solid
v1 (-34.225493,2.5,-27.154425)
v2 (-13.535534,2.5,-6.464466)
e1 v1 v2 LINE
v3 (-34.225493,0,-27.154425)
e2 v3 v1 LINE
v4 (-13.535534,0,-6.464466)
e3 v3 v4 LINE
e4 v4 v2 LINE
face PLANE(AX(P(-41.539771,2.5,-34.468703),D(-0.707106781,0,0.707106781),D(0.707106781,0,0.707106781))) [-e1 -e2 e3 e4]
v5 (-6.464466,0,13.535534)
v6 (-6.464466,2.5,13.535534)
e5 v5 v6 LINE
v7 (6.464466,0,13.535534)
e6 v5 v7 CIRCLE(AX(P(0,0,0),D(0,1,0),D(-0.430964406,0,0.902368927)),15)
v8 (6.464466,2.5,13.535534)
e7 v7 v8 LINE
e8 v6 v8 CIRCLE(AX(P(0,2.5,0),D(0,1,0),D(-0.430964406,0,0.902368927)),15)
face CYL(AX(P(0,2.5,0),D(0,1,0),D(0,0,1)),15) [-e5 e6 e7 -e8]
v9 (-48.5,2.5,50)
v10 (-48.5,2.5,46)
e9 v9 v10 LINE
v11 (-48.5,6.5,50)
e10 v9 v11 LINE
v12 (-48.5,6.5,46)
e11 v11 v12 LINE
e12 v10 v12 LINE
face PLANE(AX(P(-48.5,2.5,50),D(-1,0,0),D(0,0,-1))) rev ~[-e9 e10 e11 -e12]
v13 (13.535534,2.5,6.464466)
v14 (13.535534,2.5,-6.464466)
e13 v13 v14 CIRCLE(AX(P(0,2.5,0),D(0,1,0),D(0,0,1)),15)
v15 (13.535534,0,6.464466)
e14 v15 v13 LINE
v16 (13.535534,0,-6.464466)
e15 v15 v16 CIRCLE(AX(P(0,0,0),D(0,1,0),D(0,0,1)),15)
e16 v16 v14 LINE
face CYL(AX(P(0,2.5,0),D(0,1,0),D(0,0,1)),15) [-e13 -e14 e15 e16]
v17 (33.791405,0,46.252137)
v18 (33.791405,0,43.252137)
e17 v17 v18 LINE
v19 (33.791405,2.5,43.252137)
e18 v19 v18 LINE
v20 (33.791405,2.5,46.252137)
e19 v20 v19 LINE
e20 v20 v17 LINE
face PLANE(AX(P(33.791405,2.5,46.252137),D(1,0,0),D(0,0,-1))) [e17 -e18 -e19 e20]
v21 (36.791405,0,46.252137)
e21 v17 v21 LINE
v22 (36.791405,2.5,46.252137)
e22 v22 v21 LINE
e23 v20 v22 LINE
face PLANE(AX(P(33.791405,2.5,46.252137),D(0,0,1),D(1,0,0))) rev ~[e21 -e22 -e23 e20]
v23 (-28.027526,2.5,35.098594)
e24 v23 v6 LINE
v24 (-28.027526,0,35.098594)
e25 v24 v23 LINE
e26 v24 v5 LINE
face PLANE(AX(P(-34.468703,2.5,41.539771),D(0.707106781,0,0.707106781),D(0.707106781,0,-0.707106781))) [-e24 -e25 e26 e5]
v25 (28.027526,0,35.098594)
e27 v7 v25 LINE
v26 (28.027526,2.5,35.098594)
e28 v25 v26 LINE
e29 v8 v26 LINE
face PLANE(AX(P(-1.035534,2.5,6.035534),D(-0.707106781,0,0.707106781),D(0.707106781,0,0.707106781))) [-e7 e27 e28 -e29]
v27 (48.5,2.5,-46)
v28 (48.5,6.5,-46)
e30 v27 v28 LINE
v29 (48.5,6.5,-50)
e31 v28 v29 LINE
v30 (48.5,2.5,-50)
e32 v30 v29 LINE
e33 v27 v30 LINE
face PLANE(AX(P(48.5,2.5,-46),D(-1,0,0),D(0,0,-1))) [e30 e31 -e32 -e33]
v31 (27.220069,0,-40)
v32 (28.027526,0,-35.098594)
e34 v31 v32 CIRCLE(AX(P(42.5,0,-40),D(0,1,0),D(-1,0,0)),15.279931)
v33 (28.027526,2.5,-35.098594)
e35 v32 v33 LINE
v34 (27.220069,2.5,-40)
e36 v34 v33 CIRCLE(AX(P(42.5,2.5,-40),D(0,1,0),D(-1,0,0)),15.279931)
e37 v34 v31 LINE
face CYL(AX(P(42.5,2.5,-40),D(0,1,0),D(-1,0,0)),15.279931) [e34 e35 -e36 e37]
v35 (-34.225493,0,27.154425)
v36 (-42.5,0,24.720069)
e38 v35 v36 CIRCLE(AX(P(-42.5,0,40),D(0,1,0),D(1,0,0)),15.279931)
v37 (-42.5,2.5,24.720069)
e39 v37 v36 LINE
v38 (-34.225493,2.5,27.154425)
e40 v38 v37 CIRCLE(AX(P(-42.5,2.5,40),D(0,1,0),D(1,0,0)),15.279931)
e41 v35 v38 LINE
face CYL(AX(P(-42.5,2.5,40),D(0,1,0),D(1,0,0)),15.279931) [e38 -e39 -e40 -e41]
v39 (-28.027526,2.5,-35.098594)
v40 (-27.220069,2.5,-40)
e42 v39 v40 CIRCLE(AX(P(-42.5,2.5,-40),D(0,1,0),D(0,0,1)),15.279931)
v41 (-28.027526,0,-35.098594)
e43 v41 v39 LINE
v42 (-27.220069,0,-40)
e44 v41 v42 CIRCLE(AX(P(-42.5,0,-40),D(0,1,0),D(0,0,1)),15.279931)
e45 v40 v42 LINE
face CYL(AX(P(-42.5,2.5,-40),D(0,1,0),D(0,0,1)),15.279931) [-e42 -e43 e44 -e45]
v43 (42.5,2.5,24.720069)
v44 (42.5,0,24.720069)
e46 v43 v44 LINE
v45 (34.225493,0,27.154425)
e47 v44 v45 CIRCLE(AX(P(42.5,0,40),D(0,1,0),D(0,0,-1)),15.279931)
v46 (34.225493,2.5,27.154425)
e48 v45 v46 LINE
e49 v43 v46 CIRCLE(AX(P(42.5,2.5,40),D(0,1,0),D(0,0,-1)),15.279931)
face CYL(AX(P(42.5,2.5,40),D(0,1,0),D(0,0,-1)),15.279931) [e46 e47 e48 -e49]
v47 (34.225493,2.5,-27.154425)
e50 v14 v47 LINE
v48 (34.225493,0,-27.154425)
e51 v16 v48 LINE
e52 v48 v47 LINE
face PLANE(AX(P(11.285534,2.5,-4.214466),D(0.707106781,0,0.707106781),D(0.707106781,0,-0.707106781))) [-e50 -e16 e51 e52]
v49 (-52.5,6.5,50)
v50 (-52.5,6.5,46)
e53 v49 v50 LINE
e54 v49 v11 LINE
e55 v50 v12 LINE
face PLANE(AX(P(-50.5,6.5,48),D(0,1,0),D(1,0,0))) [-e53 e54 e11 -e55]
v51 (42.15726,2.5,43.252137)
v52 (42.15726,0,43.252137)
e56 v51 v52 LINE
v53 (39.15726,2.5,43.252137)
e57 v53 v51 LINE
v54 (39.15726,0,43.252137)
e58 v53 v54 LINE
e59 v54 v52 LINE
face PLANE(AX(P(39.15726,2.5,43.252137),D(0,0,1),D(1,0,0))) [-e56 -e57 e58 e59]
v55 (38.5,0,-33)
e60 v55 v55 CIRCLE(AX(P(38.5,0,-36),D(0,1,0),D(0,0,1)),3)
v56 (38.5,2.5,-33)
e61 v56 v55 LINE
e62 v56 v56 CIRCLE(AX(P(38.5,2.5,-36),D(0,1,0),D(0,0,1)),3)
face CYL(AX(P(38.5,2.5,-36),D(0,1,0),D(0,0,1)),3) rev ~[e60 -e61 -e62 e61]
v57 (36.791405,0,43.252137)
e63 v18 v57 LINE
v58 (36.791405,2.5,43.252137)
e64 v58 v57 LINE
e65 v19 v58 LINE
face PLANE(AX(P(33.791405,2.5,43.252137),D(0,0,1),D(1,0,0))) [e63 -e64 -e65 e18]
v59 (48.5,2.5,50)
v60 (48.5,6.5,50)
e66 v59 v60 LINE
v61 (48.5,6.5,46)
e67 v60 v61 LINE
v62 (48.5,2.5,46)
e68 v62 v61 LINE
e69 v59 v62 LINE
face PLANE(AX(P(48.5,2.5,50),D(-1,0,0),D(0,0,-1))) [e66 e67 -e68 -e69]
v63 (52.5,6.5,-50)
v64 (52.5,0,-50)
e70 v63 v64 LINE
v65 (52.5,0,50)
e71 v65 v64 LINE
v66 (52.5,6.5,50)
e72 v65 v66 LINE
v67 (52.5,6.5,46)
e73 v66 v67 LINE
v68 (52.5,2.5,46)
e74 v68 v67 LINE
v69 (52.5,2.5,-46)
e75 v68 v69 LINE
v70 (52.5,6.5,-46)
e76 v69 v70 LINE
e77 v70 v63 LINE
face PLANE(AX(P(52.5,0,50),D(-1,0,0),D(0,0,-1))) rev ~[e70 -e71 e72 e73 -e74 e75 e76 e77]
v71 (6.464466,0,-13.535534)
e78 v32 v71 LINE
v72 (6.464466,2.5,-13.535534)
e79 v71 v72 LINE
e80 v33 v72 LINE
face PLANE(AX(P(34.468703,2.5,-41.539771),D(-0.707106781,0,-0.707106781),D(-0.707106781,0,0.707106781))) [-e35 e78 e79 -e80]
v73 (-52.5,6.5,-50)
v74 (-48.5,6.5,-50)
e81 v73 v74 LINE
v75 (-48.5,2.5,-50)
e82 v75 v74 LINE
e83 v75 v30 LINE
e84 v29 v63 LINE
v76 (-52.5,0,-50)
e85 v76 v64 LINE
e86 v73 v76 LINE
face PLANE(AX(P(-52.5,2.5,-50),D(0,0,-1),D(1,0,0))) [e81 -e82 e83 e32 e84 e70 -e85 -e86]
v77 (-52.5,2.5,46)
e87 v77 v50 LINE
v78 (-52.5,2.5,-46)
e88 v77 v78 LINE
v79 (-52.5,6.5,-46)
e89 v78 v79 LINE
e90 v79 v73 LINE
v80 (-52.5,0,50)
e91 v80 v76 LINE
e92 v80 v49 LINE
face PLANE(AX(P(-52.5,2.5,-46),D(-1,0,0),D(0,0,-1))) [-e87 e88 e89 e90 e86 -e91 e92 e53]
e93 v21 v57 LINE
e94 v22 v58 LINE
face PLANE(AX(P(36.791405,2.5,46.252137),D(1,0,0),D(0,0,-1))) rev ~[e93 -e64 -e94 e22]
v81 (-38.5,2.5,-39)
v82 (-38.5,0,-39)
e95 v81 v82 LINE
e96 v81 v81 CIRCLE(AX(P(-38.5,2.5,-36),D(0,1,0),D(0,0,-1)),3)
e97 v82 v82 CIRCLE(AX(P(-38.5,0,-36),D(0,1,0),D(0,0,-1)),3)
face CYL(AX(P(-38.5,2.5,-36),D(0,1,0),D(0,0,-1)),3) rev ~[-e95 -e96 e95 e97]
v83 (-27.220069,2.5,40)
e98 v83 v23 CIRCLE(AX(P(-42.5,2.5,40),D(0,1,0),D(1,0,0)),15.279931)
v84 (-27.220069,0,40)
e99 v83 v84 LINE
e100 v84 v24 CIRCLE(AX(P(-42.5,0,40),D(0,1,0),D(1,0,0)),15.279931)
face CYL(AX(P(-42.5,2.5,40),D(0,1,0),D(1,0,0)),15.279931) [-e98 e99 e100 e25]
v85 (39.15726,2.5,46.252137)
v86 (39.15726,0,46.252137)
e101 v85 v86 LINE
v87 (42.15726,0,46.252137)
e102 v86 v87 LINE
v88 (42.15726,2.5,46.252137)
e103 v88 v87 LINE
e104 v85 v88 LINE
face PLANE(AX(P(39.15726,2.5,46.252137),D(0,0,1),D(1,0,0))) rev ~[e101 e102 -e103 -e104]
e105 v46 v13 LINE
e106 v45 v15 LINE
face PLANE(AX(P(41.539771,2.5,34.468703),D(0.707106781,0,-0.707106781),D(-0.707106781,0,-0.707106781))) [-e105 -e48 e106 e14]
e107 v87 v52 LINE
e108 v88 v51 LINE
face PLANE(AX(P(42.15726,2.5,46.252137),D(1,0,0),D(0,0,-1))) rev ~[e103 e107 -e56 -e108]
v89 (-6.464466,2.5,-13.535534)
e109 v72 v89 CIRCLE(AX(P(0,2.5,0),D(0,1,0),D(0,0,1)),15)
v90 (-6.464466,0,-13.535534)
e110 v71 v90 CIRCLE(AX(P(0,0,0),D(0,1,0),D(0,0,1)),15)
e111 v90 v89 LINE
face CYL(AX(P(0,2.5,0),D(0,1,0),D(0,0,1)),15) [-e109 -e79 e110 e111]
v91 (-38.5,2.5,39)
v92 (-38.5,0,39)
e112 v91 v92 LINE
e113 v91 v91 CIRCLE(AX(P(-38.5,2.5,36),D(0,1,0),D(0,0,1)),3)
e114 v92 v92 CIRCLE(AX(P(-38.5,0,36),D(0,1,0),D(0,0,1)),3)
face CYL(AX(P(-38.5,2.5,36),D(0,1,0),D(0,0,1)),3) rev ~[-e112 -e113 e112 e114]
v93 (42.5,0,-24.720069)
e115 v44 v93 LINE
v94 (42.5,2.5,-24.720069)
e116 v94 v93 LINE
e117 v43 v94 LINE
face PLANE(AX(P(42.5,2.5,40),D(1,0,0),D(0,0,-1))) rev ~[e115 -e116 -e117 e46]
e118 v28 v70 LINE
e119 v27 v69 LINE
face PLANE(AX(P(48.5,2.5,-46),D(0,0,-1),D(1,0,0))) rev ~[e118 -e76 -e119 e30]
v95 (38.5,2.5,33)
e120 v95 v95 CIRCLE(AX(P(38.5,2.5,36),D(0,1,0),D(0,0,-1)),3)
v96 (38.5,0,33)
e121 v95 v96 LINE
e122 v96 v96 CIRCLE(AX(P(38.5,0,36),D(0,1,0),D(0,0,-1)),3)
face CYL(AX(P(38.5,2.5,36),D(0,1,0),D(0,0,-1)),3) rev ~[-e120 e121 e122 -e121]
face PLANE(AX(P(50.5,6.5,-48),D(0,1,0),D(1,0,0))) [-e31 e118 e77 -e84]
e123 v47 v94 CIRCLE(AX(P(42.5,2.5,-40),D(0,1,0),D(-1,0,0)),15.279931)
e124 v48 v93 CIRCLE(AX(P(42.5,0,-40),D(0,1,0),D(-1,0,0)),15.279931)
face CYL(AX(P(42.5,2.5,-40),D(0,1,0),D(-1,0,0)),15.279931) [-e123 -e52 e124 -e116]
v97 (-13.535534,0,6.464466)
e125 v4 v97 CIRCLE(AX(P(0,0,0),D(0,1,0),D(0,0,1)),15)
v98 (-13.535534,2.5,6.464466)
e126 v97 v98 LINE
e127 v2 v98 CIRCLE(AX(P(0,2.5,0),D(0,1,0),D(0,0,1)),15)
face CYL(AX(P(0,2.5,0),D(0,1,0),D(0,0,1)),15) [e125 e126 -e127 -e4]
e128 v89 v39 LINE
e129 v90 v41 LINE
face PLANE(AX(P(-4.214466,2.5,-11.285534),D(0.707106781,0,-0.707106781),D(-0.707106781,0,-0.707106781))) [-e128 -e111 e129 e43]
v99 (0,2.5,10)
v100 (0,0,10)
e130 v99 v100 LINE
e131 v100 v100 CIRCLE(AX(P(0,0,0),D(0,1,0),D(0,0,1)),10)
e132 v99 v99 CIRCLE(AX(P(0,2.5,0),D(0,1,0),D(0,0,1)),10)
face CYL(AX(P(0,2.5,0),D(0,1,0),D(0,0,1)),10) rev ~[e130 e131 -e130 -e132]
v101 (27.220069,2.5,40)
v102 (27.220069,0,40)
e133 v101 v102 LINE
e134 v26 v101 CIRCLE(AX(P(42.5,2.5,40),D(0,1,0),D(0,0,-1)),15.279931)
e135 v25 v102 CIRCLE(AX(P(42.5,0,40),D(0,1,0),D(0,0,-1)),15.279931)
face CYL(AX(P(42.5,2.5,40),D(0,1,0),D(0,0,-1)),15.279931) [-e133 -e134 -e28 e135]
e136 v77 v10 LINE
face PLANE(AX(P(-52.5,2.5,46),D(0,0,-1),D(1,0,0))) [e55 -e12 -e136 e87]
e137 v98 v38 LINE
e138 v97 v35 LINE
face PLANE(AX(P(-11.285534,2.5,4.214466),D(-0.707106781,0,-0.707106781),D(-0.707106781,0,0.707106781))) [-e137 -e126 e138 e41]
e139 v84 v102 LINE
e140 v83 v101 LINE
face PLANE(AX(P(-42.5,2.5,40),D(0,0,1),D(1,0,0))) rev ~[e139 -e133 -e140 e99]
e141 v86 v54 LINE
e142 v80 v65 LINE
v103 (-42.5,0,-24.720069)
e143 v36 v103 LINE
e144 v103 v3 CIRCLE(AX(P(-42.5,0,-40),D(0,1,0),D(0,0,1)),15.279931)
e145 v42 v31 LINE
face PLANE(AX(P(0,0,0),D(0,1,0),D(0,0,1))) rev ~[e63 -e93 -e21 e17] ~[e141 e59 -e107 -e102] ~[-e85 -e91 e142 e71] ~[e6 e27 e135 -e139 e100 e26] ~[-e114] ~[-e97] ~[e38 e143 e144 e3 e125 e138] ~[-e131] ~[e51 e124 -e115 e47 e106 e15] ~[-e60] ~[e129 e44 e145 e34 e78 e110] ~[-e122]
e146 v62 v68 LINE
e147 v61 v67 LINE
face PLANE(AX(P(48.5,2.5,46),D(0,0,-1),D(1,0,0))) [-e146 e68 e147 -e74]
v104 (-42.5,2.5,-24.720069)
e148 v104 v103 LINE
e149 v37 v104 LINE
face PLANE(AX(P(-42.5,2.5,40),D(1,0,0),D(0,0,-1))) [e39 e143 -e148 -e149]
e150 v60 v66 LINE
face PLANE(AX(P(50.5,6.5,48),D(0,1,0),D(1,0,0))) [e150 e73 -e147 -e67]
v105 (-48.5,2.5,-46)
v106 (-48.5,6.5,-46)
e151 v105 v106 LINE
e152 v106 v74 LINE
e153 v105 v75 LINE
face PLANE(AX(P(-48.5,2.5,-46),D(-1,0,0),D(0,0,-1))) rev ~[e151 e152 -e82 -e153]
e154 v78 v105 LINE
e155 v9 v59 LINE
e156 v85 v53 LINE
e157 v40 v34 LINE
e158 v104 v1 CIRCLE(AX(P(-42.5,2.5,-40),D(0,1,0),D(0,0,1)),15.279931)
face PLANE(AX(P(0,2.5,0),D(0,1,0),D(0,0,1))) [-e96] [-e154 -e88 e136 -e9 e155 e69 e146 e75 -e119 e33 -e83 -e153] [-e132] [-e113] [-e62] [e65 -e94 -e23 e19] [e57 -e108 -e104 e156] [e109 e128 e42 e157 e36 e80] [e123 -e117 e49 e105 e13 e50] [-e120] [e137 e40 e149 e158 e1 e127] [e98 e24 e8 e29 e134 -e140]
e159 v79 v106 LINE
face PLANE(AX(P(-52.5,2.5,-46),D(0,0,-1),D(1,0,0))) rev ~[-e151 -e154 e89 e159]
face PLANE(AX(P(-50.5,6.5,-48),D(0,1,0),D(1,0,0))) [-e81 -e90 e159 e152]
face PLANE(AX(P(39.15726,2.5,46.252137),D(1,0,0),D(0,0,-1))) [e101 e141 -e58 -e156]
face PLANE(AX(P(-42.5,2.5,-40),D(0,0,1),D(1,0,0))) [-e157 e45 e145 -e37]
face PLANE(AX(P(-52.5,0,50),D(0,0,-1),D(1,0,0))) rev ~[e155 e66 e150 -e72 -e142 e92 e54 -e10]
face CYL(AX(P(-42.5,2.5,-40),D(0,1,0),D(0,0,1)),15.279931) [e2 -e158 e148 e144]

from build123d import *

# Parameters (mm, degrees)
SKETCH1_W           = 105
SKETCH1_H           = 100
BOSS_EXTRUDE1_DEPTH = 2.5
SKETCH3_W           = 4
SKETCH3_H           = 4
BOSS_EXTRUDE2_DEPTH = 4
SKETCH5_W           = 85
SKETCH5_H           = 80
CUT_EXTRUDE2_DEPTH  = 4
SKETCH6_R           = 15
BOSS_EXTRUDE3_DEPTH = 2.5
SKETCH7_W           = 5
SKETCH7_H           = 5
CUT_EXTRUDE3_DEPTH  = 2.5
BOSS_EXTRUDE4_DEPTH = 2.5
EXTRUDE_THIN2_DEPTH = 2.5
SKETCH10_R          = 3
CUT_EXTRUDE5_DEPTH  = 2.5
SKETCH11_W          = 3
SKETCH11_H          = 3
CUT_EXTRUDE6_DEPTH  = 2.5
SKETCH12_R          = 10
CUT_EXTRUDE7_DEPTH  = 10


with BuildPart() as part:
    # Sketch1 → Boss-Extrude1 (new body)
    with BuildSketch(Plane(origin=(0, 0, 0), x_dir=(1, 0, 0), z_dir=(0, 1, 0))):
        Rectangle(SKETCH1_W, SKETCH1_H)
    extrude(amount=BOSS_EXTRUDE1_DEPTH)

    # Sketch3 → Boss-Extrude2 (add)
    with BuildSketch(Plane(origin=(0, 2.5, 0), x_dir=(1, 0, 0), z_dir=(0, 1, 0))):
        with Locations((-50.5, 48)):
            Rectangle(SKETCH3_W, SKETCH3_H)
        with Locations((50.5, 48)):
            Rectangle(SKETCH3_W, SKETCH3_H)
        with Locations((50.5, -48)):
            Rectangle(SKETCH3_W, SKETCH3_H)
        with Locations((-50.5, -48)):
            Rectangle(SKETCH3_W, SKETCH3_H)
    extrude(amount=BOSS_EXTRUDE2_DEPTH)

    # Sketch5 → Cut-Extrude2 (cut)
    with BuildSketch(Plane(origin=(0, 2.5, 0), x_dir=(1, 0, 0), z_dir=(0, 1, 0))):
        Rectangle(SKETCH5_W, SKETCH5_H)
    extrude(amount=-CUT_EXTRUDE2_DEPTH, mode=Mode.SUBTRACT)

    # Sketch8 → Boss-Extrude4 (add)
    with BuildSketch(Plane(origin=(0, 2.5, 0), x_dir=(1, 0, 0), z_dir=(0, 1, 0))):
        with BuildLine():
            Line((-42.5, -40), (-27.220069463, -40))
            ThreePointArc((-27.220069463, -40), (-31.695457502, -29.195457502), (-42.5, -24.720069463))
            Line((-42.5, -24.720069463), (-42.5, -40))
        make_face()
        with BuildLine():
            ThreePointArc((-42.5, 24.720069463), (-31.695457502, 29.195457502), (-27.220069463, 40))
            Line((-27.220069463, 40), (-42.5, 40))
            Line((-42.5, 40), (-42.5, 24.720069463))
        make_face()
        with BuildLine():
            Line((42.5, 40), (27.220069463, 40))
            ThreePointArc((27.220069463, 40), (31.695457502, 29.195457502), (42.5, 24.720069463))
            Line((42.5, 24.720069463), (42.5, 40))
        make_face()
        with BuildLine():
            ThreePointArc((42.5, -24.720069463), (31.695457502, -29.195457502), (27.220069463, -40))
            Line((27.220069463, -40), (42.5, -40))
            Line((42.5, -40), (42.5, -24.720069463))
        make_face()
    extrude(amount=-BOSS_EXTRUDE4_DEPTH)



with BuildPart() as body_2:
    # Sketch6 → Boss-Extrude3 (new body)
    with BuildSketch(Plane(origin=(0, 2.5, 0), x_dir=(1, 0, 0), z_dir=(0, 1, 0))):
        with Locations(Location((0, 0, 0), (0, 0, 270))):
            Circle(SKETCH6_R)
    extrude(amount=-BOSS_EXTRUDE3_DEPTH)

    # Sketch7 → Cut-Extrude3 (cut)
    with BuildSketch(Plane(origin=(0, 2.5, 0), x_dir=(1, 0, 0), z_dir=(0, 1, 0))):
        Rectangle(SKETCH7_W, SKETCH7_H)
    extrude(amount=-CUT_EXTRUDE3_DEPTH, mode=Mode.SUBTRACT)


with BuildPart() as part_1:
    add(part.part)

    add(body_2.part)  # Extrude-Thin2 merges body 2
    # Sketch9 → Extrude-Thin2 (add)
    with BuildSketch(Plane(origin=(0, 2.5, 0), x_dir=(1, 0, 0), z_dir=(0, 1, 0))):
        Polygon((-1.035533906, -6.035533906), (34.46870341, -41.539771222), (41.539771222, -34.46870341), (6.035533906, 1.035533906), align=None)
        Polygon((-11.285533906, -4.214466094), (-41.539771222, -34.46870341), (-34.46870341, -41.539771222), (-4.214466094, -11.285533906), align=None)
        Polygon((11.285533906, 4.214466094), (41.539771222, 34.46870341), (34.46870341, 41.539771222), (4.214466094, 11.285533906), align=None)
        Polygon((-4.214466094, 11.285533906), (-34.46870341, 41.539771222), (-41.539771222, 34.46870341), (-11.285533906, 4.214466094), align=None)
    extrude(amount=-EXTRUDE_THIN2_DEPTH)

    # Sketch10 → Cut-Extrude5 (cut)
    with BuildSketch(Plane(origin=(0, 2.5, 0), x_dir=(1, 0, 0), z_dir=(0, 1, 0))):
        with Locations(Location((38.5, 36, 0), (0, 0, 270))):
            Circle(SKETCH10_R)
        with Locations(Location((-38.5, 36, 0), (0, 0, 90))):
            Circle(SKETCH10_R)
        with Locations(Location((38.5, -36, 0), (0, 0, 90))):
            Circle(SKETCH10_R)
        with Locations(Location((-38.5, -36, 0), (0, 0, 270))):
            Circle(SKETCH10_R)
    extrude(amount=-CUT_EXTRUDE5_DEPTH, mode=Mode.SUBTRACT)

    # Sketch11 → Cut-Extrude6 (cut)
    with BuildSketch(Plane(origin=(0, 2.5, 0), x_dir=(1, 0, 0), z_dir=(0, 1, 0))):
        with Locations((40.657260224, -44.752137111)):
            Rectangle(SKETCH11_W, SKETCH11_H)
        with Locations((35.291405318, -44.752137111)):
            Rectangle(SKETCH11_W, SKETCH11_H)
    extrude(amount=-CUT_EXTRUDE6_DEPTH, mode=Mode.SUBTRACT)

    # Sketch12 → Cut-Extrude7 (cut)
    with BuildSketch(Plane(origin=(0, 2.5, 0), x_dir=(1, 0, 0), z_dir=(0, 1, 0))):
        with Locations(Location((0, 0, 0), (0, 0, 270))):
            Circle(SKETCH12_R)
    extrude(amount=-CUT_EXTRUDE7_DEPTH, mode=Mode.SUBTRACT)


solid = part_1.part
